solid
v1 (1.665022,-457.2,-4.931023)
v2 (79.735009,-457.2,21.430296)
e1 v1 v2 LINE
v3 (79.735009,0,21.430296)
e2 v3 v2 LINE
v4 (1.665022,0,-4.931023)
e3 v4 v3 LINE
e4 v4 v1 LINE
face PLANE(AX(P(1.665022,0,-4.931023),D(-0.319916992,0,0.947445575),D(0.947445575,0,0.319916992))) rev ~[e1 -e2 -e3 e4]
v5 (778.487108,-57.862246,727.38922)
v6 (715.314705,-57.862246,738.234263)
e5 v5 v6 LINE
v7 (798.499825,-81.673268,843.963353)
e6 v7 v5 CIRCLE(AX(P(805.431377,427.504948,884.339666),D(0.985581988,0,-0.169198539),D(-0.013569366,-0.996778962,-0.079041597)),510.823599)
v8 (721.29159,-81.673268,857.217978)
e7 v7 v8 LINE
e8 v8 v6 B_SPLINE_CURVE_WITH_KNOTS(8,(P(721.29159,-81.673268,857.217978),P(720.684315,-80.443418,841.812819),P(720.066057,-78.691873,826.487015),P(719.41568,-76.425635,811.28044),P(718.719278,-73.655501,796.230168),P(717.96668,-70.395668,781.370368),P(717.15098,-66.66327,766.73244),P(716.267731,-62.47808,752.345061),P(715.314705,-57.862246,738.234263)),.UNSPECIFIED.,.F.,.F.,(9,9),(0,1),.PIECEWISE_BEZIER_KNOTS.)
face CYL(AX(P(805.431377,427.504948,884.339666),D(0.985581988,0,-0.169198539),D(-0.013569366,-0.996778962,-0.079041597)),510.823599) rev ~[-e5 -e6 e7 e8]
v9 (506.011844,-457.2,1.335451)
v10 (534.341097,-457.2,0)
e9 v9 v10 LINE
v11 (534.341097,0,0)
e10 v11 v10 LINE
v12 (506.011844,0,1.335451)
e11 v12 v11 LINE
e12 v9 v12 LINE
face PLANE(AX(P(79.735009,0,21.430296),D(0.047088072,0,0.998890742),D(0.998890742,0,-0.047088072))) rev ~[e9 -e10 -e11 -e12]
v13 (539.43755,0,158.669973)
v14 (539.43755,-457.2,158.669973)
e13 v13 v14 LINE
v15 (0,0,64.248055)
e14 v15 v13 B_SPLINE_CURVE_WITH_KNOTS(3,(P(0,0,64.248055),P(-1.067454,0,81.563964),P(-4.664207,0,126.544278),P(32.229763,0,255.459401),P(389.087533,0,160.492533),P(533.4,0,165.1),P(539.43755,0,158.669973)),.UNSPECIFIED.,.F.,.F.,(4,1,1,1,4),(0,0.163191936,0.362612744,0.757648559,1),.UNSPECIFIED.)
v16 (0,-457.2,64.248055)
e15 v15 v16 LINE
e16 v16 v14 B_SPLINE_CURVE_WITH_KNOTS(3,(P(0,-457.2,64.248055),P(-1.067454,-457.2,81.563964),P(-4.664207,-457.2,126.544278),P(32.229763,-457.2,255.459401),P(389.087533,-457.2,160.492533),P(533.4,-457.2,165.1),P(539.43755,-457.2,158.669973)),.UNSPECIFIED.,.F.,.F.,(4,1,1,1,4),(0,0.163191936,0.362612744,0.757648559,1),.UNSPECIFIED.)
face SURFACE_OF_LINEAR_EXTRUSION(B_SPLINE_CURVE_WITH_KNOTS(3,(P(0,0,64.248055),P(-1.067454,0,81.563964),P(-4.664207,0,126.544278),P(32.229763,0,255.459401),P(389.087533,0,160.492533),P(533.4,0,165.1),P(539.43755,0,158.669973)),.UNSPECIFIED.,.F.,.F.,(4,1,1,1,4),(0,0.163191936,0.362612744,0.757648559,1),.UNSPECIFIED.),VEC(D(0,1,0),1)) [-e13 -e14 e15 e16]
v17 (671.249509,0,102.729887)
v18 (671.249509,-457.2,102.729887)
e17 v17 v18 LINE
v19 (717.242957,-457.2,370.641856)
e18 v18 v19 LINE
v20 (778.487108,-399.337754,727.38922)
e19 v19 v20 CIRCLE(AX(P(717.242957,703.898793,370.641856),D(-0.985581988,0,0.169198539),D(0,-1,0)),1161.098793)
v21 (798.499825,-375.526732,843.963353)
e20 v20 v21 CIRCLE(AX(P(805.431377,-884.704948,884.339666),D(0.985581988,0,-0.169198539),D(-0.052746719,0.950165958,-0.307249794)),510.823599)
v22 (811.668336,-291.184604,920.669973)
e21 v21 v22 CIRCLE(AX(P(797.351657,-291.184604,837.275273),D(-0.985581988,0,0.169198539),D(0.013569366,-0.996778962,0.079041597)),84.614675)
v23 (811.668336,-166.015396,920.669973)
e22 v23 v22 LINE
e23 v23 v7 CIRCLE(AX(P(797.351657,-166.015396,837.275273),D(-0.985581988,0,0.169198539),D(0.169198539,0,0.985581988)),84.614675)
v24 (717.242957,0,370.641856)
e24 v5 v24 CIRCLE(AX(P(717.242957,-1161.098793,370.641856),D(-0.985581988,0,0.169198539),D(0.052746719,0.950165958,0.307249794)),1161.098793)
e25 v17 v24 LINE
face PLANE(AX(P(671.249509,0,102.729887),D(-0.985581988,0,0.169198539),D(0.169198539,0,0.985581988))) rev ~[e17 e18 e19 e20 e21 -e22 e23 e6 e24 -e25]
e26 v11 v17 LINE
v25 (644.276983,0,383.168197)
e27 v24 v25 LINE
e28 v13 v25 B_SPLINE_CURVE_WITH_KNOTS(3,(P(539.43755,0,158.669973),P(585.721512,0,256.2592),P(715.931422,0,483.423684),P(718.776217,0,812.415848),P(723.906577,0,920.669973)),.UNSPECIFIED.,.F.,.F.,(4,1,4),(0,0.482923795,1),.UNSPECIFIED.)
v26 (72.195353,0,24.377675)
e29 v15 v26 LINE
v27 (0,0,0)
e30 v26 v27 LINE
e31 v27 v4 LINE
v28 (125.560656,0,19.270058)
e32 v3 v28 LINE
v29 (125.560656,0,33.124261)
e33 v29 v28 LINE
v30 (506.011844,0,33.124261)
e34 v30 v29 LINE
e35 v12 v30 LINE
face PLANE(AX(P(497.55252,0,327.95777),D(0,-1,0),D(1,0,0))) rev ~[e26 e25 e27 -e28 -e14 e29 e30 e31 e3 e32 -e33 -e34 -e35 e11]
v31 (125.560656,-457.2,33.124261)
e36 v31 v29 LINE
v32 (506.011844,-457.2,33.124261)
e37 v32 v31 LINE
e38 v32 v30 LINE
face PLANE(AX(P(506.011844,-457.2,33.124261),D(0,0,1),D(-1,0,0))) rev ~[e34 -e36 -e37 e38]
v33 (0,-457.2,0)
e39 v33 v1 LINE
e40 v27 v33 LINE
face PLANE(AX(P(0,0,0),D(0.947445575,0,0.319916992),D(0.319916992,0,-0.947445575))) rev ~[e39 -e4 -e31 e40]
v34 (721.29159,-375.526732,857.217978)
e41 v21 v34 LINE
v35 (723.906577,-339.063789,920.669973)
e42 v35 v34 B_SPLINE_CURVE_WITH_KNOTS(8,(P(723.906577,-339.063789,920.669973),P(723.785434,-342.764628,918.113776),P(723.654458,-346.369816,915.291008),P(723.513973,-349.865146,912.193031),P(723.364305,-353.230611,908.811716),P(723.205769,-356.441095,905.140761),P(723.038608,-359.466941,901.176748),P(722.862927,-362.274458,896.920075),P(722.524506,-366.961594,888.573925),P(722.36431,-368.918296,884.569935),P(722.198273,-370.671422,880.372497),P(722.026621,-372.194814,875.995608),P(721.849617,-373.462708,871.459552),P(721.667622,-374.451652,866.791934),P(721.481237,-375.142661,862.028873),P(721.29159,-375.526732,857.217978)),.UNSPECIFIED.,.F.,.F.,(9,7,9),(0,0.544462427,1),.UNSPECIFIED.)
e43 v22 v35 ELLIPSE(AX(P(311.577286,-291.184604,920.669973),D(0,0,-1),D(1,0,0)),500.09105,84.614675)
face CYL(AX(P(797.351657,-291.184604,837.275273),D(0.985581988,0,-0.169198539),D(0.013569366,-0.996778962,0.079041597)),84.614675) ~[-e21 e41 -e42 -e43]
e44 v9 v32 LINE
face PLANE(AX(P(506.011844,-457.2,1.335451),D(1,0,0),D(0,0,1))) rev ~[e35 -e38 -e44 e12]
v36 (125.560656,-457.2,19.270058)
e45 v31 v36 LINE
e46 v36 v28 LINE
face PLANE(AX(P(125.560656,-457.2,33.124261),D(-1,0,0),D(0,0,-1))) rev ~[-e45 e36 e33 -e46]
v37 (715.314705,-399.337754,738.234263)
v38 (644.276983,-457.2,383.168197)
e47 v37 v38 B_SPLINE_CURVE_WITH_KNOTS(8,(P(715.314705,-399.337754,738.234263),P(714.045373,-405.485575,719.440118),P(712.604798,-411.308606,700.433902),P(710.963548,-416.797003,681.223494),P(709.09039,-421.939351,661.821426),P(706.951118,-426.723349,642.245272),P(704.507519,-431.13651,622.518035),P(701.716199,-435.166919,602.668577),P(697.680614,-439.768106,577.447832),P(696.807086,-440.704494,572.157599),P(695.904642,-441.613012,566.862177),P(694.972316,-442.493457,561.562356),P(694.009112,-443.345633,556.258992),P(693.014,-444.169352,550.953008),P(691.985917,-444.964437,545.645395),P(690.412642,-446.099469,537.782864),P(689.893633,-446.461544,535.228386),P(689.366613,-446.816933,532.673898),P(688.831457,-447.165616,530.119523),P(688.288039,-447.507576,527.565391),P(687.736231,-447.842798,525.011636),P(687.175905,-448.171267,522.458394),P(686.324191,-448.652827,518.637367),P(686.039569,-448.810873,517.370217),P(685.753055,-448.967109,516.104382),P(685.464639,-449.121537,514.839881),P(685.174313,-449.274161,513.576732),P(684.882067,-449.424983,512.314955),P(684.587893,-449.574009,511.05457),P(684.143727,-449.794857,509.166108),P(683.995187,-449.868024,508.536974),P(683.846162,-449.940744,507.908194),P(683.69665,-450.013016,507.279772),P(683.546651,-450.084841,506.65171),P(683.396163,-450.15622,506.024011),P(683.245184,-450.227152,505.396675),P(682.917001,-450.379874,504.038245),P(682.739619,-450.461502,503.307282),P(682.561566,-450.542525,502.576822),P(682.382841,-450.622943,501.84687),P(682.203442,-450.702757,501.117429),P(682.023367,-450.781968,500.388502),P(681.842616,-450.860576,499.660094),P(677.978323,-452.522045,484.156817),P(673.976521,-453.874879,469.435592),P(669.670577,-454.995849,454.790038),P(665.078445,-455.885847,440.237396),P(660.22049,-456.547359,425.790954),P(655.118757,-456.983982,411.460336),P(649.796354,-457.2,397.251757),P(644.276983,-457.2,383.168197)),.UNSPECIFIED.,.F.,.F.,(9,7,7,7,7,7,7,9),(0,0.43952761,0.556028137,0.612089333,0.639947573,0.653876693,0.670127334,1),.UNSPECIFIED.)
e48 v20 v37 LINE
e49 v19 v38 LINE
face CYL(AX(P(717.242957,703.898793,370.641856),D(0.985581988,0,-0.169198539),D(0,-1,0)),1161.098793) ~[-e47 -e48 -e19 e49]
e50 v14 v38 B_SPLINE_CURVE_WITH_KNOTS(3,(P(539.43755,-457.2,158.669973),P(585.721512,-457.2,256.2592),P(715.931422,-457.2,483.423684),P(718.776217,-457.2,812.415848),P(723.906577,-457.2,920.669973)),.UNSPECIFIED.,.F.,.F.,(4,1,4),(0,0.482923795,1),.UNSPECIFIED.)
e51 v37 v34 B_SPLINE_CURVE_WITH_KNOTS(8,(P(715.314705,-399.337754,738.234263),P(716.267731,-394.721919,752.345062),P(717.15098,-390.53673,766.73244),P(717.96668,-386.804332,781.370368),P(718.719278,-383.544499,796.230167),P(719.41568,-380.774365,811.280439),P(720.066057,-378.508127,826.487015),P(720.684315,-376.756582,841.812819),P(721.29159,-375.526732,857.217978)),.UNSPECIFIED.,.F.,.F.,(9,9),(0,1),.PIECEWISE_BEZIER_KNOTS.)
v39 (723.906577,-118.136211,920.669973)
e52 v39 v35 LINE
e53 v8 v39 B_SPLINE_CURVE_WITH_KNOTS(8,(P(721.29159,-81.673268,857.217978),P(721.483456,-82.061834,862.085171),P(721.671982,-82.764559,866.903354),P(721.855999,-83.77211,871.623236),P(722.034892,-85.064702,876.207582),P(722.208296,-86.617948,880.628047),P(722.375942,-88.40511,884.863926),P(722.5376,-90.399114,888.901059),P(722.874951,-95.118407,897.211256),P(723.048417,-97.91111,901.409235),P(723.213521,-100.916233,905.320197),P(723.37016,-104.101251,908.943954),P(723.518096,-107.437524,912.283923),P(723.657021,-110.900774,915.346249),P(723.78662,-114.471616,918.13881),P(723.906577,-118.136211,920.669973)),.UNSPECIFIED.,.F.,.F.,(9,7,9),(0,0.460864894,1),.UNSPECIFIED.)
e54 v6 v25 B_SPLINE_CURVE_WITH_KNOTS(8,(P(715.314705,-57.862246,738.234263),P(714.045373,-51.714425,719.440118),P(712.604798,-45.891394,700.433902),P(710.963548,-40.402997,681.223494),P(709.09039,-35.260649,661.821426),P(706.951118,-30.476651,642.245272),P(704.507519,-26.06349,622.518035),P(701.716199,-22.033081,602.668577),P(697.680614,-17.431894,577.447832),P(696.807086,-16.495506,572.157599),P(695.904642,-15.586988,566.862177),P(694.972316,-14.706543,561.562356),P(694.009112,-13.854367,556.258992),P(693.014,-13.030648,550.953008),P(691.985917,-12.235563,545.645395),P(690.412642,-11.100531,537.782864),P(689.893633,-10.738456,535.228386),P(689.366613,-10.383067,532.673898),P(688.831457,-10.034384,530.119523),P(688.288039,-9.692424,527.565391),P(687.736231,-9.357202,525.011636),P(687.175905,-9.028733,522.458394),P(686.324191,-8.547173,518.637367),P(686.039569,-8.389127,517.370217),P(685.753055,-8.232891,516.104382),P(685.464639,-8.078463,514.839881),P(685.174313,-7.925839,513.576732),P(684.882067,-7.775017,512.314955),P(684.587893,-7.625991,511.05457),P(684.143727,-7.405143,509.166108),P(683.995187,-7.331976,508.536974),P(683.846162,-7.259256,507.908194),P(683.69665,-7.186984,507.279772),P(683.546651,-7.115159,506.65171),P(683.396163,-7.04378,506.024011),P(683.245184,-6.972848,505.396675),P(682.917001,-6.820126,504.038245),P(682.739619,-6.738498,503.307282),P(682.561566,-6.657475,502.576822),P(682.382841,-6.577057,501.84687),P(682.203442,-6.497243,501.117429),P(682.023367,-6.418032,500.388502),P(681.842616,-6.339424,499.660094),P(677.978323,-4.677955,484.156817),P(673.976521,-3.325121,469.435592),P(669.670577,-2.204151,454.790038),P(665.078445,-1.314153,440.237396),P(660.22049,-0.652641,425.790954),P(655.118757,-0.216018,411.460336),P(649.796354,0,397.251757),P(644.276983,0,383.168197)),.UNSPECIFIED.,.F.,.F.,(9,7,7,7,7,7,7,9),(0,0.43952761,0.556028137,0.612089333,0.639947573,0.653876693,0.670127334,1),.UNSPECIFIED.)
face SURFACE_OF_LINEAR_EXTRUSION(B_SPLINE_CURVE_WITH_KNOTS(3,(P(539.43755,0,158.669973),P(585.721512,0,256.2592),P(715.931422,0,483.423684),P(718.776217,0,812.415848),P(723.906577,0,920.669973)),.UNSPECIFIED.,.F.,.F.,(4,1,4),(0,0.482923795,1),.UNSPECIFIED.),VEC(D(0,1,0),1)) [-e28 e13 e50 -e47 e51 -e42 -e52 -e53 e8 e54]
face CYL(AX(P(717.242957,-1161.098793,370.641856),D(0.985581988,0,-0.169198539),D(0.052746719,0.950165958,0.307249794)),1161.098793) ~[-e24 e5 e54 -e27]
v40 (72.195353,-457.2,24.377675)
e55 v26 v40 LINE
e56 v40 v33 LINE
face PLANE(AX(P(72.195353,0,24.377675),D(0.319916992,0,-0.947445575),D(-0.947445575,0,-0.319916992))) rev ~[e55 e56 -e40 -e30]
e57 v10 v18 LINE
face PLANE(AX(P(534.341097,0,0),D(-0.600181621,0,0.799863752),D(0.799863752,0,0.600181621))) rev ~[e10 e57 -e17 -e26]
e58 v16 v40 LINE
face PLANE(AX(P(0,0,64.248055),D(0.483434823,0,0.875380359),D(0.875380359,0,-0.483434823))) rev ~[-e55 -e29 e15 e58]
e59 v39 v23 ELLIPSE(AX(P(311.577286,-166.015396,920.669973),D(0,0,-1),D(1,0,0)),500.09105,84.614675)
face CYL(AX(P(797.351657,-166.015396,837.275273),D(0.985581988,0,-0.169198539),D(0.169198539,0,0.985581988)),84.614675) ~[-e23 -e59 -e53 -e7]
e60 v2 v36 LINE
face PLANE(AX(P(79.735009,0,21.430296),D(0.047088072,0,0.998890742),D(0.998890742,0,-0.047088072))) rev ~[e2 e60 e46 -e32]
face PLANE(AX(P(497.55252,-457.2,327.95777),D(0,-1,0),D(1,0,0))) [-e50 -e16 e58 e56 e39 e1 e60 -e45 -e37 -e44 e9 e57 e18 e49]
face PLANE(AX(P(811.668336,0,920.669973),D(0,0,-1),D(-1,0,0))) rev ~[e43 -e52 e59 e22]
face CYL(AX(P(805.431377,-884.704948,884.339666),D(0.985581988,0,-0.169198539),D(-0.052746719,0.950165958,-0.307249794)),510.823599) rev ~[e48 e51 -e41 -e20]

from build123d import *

# Parameters (mm, degrees)
F1_DEPTH = 457.2
F3_DEPTH = 801.4134901234
F5_DEPTH = 457.2010007


with BuildPart() as f1:
    # F0 (on Front) → F1 (new body)
    with BuildSketch(Plane.XZ):
        with BuildLine():
            Line((72.1953528447, 24.3776747791), (0, 0))
            Line((0, 0), (1.6650223942, -4.9310231731))
            Line((1.6650223942, -4.9310231731), (79.7350087536, 21.4302959768))
            Line((79.7350087536, 21.4302959768), (534.3410968781, 0))
            Line((534.3410968781, 0), (671.2495088577, 102.7298867702))
            Line((671.2495088577, 102.7298867702), (811.6683363914, 920.6699728966))
            Line((811.6683363914, 920.6699728966), (723.9065766335, 920.6699728966))
            add(Edge.make_bspline(
                [(539.437549965, 158.6699728966), (585.7215115369, 256.2591998048), (715.9314216301, 483.423683833), (718.7762170579, 812.4158484392), (723.9065766335, 920.6699728966)],
                knots=[0, 0, 0, 0, 0.4829237954, 1, 1, 1, 1], degree=3))
            add(Edge.make_bspline(
                [(0, 64.2480548378), (-1.0674535771, 81.5639641635), (-4.6642067148, 126.5442777853), (32.2297632664, 255.4594005166), (389.0875327927, 160.4925329149), (533.4, 165.1), (539.437549965, 158.6699728966)],
                knots=[0, 0, 0, 0, 0.1631919362, 0.3626127441, 0.7576485588, 1, 1, 1, 1], degree=3))
            Line((0, 64.2480548378), (72.1953528447, 24.3776747791))
        make_face()
    extrude(amount=F1_DEPTH)

    # F2 (on face) → F3 (cut, through all)
    with BuildSketch(Plane(origin=(634.9017438314, 0, -108.9959521242), x_dir=(0, 1, 0), z_dir=(0.9855819877, 0, -0.1691985385))):
        with BuildLine():
            ThreePointArc((-375.5267318941, 966.9000818866), (-348.5668963422, 1022.298693149), (-291.1846041679, 1044.7288382132))
            Line((-291.1846041679, 1044.7288382132), (-457.2, 1044.7288382132))
            Line((-457.2, 1044.7288382132), (-457.2, 486.6543970002))
            ThreePointArc((-457.2, 486.6543970002), (-442.6431884201, 669.9353069041), (-399.337754083, 848.620594646))
            ThreePointArc((-399.337754083, 848.620594646), (-383.9278993815, 907.0548735629), (-375.5267318941, 966.9000818866))
        make_face()
        with BuildLine():
            Line((0, 1044.7288382132), (-166.0153958321, 1044.7288382132))
            ThreePointArc((-166.0153958321, 1044.7288382132), (-108.6331036578, 1022.298693149), (-81.6732681059, 966.9000818866))
            ThreePointArc((-81.6732681059, 966.9000818866), (-73.2721006185, 907.0548735629), (-57.862245917, 848.620594646))
            ThreePointArc((-57.862245917, 848.620594646), (-14.5568115799, 669.9353069041), (0, 486.6543970002))
            Line((0, 486.6543970002), (0, 1044.7288382132))
        make_face()
    extrude(amount=-F3_DEPTH, mode=Mode.SUBTRACT)

    # F4 (on face) → F5 (cut, through all)
    with BuildSketch(Plane.XZ.offset(457.2)):
        Polygon((506.0118436813, 33.1242606044), (125.5606561899, 33.1242606044), (125.5606561899, 19.2700583259), (506.0118436813, 1.3354512768), align=None)
    extrude(amount=-F5_DEPTH, mode=Mode.SUBTRACT)


solid = f1.part
